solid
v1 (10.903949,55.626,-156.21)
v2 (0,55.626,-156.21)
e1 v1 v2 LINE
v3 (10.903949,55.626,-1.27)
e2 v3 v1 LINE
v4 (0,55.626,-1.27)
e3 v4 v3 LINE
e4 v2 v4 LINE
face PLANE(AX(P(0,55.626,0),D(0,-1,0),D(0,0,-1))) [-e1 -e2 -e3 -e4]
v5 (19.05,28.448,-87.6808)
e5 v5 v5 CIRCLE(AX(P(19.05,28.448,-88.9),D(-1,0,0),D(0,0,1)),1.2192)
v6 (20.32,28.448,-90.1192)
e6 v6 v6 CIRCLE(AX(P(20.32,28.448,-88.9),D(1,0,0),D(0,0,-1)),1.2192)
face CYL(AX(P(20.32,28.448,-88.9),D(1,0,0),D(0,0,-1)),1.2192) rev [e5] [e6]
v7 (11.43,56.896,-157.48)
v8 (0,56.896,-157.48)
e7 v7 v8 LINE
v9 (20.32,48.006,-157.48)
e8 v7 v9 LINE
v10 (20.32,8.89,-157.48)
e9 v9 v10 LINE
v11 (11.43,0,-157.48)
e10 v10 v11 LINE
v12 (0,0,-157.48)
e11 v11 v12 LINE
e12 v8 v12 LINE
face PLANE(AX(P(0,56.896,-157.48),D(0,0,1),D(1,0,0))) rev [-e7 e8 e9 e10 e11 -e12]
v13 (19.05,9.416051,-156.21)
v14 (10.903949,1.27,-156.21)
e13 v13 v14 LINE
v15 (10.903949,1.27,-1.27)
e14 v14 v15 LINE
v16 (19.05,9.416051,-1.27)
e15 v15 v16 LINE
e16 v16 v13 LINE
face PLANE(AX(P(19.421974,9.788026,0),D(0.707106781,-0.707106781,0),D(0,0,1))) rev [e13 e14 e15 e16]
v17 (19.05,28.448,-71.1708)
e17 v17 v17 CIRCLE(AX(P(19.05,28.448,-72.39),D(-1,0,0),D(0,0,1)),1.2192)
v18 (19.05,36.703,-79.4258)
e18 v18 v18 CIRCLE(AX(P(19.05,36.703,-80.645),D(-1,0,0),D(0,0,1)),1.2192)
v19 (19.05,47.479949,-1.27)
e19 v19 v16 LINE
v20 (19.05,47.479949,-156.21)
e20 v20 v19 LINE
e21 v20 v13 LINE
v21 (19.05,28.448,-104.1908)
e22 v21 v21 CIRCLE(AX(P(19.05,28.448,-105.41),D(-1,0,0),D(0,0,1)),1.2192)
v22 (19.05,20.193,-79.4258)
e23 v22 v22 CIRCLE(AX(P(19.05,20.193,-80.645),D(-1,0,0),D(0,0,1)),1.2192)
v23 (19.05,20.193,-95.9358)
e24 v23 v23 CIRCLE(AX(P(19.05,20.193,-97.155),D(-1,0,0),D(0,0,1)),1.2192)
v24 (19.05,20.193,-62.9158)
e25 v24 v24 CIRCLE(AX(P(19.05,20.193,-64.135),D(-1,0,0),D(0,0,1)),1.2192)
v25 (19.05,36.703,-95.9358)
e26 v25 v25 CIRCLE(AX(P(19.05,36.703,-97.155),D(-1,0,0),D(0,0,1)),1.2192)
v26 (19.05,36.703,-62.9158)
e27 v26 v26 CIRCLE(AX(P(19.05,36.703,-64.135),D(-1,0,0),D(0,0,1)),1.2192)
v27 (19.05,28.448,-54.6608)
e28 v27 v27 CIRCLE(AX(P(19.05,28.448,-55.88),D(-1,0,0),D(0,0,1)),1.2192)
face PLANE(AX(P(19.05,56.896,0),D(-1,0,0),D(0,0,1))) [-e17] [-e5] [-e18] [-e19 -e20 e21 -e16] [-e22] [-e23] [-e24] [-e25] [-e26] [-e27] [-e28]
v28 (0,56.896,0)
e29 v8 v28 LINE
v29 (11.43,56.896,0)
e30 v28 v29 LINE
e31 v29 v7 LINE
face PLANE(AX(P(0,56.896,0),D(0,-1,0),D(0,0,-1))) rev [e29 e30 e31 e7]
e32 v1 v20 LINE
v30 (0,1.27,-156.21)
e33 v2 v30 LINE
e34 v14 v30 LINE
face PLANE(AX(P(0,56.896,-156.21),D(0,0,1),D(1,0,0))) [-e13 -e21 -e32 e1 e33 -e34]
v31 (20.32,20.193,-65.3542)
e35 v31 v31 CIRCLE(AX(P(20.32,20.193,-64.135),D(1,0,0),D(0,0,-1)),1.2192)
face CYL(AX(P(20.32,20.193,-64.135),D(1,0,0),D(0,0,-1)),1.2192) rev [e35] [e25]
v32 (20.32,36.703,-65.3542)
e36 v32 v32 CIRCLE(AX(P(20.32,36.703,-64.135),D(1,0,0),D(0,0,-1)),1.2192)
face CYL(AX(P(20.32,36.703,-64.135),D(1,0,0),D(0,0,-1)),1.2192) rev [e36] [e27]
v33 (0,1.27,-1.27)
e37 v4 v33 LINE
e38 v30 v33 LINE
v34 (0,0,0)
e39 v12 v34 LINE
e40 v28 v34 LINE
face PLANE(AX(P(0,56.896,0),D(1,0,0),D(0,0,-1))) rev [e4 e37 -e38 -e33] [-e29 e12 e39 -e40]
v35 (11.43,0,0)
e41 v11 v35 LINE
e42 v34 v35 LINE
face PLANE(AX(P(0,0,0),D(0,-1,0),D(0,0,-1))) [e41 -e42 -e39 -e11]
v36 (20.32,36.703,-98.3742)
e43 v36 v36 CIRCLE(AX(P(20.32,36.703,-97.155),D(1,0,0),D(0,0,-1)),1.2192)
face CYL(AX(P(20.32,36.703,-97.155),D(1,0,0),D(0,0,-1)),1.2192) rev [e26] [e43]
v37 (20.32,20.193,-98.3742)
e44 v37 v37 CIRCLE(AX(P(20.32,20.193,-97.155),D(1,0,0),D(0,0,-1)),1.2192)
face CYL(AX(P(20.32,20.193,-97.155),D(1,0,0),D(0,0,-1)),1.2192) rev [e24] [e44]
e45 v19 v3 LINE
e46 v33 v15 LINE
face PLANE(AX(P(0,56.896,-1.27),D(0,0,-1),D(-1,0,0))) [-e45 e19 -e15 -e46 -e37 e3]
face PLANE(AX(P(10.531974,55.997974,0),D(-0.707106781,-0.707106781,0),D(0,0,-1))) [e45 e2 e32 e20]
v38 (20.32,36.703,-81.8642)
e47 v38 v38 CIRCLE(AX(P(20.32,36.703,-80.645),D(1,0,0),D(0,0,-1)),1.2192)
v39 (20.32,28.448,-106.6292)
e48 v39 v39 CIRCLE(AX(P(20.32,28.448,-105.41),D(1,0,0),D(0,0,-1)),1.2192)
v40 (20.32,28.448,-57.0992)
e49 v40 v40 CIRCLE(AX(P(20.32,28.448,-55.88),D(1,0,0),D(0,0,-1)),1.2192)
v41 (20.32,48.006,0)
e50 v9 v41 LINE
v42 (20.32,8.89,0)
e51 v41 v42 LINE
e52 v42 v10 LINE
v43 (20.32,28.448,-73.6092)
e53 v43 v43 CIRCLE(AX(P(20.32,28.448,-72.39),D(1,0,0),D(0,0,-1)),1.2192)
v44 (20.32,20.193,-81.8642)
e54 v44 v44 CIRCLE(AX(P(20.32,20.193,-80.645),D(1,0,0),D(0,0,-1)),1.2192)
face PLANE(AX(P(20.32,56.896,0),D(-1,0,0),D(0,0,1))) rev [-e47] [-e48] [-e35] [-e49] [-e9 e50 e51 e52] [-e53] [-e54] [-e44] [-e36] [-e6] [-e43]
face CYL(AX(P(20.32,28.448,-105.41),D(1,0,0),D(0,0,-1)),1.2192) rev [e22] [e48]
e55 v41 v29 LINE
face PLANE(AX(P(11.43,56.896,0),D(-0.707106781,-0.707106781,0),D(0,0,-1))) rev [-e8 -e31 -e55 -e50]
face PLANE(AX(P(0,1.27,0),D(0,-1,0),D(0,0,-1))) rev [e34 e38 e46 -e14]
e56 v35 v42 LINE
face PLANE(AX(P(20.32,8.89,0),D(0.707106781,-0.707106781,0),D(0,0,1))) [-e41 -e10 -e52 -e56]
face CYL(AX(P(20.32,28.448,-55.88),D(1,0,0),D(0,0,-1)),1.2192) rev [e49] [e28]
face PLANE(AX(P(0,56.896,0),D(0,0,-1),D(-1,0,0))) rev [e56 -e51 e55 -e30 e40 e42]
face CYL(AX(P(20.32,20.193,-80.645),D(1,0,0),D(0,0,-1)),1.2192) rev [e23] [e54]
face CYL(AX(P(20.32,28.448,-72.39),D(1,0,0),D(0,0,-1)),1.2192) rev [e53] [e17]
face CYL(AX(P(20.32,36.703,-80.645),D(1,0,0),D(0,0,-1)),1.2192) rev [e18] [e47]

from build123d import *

# Parameters (mm, degrees)
SKETCH1_W                 = 20.32
SKETCH1_H                 = 157.48
BOSS_EXTRUDE1_DEPTH       = 56.896
CHAMFER1_SIZE             = 8.89
SHELL1_T                  = -1.27
F_2_CLEARANCE_HOLE1_D     = 2.4384
F_2_CLEARANCE_HOLE1_DEPTH = 7.62
F_2_CLEARANCE_HOLE1_TIP   = 0.732569267


with BuildPart() as part:
    # Sketch1 → Boss-Extrude1 (new body)
    with BuildSketch(Plane(origin=(0, 0, 0), x_dir=(1, 0, 0), z_dir=(0, 1, 0))):
        with Locations((10.16, 78.74)):
            Rectangle(SKETCH1_W, SKETCH1_H)
    extrude(amount=BOSS_EXTRUDE1_DEPTH)

    # Chamfer1
    chamfer1_edges = [part.edges().sort_by_distance(p)[0] for p in [
        (20.32, 56.896, -78.74),
        (20.32, 0, -78.74),
    ]]
    chamfer(chamfer1_edges, length=CHAMFER1_SIZE)

    # Shell1
    shell1_openings = [part.faces().sort_by_distance(p)[0] for p in [
        (0, 28.448, -78.74),
    ]]
    offset(amount=SHELL1_T, openings=shell1_openings, kind=Kind.INTERSECTION)

    # #2 Clearance Hole1
    with Locations(Plane(origin=(20.32, 0, 0), x_dir=(0, 0, -1), z_dir=(1, 0, 0))):
        with Locations((55.88, 28.448), (72.39, 28.448), (80.645, 36.703), (80.645, 20.193), (88.9, 28.448), (105.41, 28.448), (97.155, 36.703), (97.155, 20.193), (64.135, 36.703), (64.135, 20.193)):
            Hole(F_2_CLEARANCE_HOLE1_D / 2, depth=F_2_CLEARANCE_HOLE1_DEPTH)
            with Locations((0, 0, -(F_2_CLEARANCE_HOLE1_DEPTH + F_2_CLEARANCE_HOLE1_TIP / 2))):  # 118° drill point
                Cone(0, F_2_CLEARANCE_HOLE1_D / 2, F_2_CLEARANCE_HOLE1_TIP, mode=Mode.SUBTRACT)


solid = part.part
